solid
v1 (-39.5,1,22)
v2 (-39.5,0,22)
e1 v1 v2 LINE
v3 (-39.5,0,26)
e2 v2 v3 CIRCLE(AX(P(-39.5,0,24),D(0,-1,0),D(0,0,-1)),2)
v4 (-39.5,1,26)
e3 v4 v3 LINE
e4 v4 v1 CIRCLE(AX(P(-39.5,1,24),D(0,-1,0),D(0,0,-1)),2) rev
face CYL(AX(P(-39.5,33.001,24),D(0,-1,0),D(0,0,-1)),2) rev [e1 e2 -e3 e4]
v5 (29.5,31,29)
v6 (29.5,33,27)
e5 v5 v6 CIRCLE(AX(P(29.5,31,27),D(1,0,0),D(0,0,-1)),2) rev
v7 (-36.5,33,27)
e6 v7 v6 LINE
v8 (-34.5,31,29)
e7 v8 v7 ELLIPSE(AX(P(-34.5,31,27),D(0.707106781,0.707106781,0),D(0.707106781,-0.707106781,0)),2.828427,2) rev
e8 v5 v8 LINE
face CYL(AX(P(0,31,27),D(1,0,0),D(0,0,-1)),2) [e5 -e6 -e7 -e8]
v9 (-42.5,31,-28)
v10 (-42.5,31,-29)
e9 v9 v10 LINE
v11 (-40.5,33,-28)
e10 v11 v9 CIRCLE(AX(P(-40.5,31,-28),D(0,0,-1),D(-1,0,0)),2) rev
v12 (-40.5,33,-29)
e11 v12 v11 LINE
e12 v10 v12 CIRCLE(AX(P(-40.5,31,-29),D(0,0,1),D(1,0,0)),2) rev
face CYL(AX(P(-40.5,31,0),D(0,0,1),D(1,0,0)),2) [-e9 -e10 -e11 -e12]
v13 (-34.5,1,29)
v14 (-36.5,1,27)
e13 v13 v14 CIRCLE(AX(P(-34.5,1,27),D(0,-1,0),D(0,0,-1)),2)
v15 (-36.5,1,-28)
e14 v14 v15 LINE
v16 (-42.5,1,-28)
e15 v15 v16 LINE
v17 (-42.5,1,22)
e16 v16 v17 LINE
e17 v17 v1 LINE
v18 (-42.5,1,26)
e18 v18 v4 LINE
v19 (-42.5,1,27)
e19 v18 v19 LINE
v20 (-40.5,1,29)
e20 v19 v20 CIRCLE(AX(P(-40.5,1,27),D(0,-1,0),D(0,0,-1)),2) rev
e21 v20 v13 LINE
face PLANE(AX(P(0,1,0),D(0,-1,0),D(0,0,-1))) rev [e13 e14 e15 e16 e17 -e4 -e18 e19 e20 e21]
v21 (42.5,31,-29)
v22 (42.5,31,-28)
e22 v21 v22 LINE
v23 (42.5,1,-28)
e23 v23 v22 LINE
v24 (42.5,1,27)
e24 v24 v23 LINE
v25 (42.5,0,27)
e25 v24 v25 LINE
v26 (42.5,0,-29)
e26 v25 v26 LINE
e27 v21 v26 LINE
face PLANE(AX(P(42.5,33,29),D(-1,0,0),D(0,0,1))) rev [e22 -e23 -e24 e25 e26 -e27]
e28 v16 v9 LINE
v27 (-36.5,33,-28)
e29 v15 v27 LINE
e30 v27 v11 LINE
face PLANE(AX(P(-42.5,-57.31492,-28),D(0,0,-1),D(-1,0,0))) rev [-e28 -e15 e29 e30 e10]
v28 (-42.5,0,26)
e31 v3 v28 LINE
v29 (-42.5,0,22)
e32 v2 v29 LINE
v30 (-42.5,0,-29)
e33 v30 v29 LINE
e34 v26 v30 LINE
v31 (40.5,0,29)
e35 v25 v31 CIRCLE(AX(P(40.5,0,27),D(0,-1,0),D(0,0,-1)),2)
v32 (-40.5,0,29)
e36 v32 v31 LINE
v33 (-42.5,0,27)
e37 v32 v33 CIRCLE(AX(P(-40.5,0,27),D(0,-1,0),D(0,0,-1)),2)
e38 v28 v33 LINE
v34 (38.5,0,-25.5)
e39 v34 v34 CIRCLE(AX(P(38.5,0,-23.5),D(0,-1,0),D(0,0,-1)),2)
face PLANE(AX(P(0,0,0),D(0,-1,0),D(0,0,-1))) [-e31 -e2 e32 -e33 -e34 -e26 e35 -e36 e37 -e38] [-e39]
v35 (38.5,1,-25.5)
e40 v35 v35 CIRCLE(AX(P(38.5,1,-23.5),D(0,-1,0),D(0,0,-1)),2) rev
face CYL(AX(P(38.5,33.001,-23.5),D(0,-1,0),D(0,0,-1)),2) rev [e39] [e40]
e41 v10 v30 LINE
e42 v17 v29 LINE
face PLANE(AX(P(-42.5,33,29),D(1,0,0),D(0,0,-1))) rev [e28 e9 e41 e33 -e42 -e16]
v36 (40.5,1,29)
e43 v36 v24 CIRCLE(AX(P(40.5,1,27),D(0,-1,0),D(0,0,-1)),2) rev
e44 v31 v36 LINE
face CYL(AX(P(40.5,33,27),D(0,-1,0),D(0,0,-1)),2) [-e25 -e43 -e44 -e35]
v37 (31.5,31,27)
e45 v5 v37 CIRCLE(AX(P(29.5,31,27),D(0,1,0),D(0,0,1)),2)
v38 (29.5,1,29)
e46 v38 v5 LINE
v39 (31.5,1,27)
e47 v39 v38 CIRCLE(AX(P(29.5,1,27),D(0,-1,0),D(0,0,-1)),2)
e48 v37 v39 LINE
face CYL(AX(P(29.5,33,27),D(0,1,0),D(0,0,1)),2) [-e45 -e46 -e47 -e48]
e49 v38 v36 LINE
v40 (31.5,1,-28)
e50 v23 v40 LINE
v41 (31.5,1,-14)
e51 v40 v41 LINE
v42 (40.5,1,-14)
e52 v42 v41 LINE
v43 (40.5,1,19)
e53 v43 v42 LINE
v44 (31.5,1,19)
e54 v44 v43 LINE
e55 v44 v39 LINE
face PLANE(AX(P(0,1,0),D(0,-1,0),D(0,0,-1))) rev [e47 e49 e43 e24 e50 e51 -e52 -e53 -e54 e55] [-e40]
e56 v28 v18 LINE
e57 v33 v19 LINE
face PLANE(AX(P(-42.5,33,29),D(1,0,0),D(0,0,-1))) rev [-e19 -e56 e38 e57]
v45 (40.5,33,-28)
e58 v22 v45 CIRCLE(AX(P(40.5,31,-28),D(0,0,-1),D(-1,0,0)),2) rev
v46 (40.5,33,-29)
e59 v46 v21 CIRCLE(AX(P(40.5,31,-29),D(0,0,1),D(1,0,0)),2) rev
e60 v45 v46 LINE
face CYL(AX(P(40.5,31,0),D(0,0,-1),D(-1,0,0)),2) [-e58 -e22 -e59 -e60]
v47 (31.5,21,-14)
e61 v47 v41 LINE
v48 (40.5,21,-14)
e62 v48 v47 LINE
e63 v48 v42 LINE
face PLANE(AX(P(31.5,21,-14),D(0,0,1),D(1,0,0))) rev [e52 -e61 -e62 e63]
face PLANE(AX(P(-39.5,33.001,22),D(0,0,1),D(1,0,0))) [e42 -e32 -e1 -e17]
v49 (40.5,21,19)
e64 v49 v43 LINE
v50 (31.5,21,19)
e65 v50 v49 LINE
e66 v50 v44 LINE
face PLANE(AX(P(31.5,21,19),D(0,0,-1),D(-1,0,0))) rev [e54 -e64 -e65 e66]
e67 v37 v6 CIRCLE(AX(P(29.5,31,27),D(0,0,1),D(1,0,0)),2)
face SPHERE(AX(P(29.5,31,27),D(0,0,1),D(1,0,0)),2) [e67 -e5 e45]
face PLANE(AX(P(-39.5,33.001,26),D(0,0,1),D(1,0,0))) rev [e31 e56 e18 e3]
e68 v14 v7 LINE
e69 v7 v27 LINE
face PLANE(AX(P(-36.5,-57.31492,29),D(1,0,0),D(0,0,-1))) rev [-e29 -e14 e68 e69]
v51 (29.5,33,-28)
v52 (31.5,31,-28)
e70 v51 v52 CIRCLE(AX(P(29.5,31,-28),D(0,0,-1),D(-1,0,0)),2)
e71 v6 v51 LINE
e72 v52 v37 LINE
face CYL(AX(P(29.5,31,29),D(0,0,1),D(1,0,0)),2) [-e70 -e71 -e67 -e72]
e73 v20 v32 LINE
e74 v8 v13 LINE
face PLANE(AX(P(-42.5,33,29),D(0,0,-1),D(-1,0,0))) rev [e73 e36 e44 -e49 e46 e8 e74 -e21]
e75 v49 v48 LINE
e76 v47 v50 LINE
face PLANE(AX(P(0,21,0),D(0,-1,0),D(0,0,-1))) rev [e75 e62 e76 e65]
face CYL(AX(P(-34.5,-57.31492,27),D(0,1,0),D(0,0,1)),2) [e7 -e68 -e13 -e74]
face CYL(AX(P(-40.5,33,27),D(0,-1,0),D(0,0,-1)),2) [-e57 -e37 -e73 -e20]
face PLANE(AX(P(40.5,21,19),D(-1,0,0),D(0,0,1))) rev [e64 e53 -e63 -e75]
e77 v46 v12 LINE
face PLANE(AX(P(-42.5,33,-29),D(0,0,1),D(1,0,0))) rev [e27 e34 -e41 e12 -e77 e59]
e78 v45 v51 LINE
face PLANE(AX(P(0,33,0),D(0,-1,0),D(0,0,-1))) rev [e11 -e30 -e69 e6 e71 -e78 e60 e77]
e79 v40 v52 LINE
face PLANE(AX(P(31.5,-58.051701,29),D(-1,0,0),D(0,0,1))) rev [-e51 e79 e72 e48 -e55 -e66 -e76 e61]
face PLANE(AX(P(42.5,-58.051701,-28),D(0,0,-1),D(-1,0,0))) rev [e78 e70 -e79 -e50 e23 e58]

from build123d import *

# Parameters (mm, degrees)
SKETCH1_W           = 85
SKETCH1_H           = 58
BOSS_EXTRUDE1_DEPTH = 33
SKETCH2_W           = 11
SKETCH2_H           = 57
CUT_EXTRUDE1_DEPTH  = 32
SKETCH3_W           = 6
SKETCH3_H           = 57
CUT_EXTRUDE2_DEPTH  = 32
SKETCH4_W           = 9
SKETCH4_H           = 33
BOSS_EXTRUDE2_DEPTH = 20
CUT_EXTRUDE3_REACH  = 63.125
FILLET1_R           = 2


with BuildPart() as part:
    # Sketch1 → Boss-Extrude1 (new body)
    with BuildSketch(Plane(origin=(0, 0, 0), x_dir=(1, 0, 0), z_dir=(0, 1, 0))):
        Rectangle(SKETCH1_W, SKETCH1_H)
    extrude(amount=BOSS_EXTRUDE1_DEPTH)

    # Sketch2 → Cut-Extrude1 (cut)
    with BuildSketch(Plane(origin=(0, 33, 0), x_dir=(1, 0, 0), z_dir=(0, 1, 0))):
        with Locations((37, -0.5)):
            Rectangle(SKETCH2_W, SKETCH2_H)
    extrude(amount=-CUT_EXTRUDE1_DEPTH, mode=Mode.SUBTRACT)

    # Sketch3 → Cut-Extrude2 (cut)
    with BuildSketch(Plane(origin=(0, 33, 0), x_dir=(1, 0, 0), z_dir=(0, 1, 0))):
        with Locations((-39.5, -0.5)):
            Rectangle(SKETCH3_W, SKETCH3_H)
    extrude(amount=-CUT_EXTRUDE2_DEPTH, mode=Mode.SUBTRACT)

    # Sketch4 → Boss-Extrude2 (add)
    with BuildSketch(Plane(origin=(0, 1, 0), x_dir=(1, 0, 0), z_dir=(0, 1, 0))):
        with Locations((36, -2.5)):
            Rectangle(SKETCH4_W, SKETCH4_H)
    extrude(amount=BOSS_EXTRUDE2_DEPTH)

    # Sketch5 → Cut-Extrude3 (cut, up to next)
    with BuildSketch(Plane.XZ, mode=Mode.PRIVATE) as cut_extrude3_sk1:
        with BuildLine():
            Line((38.5, -25.5), (38.5, -23.5))
            Line((38.5, -23.5), (40.5, -23.5))
            ThreePointArc((40.5, -23.5), (37.085786438, -22.085786438), (38.5, -25.5))
        make_face()
    cut_extrude3_tool1 = extrude(cut_extrude3_sk1.sketch, amount=-CUT_EXTRUDE3_REACH, mode=Mode.PRIVATE) & part.part
    # Sketch5 → Cut-Extrude3 (cut, up to next)
    with BuildSketch(Plane.XZ, mode=Mode.PRIVATE) as cut_extrude3_sk2:
        with BuildLine():
            Line((40.5, -23.5), (38.5, -23.5))
            Line((38.5, -23.5), (38.5, -25.5))
            ThreePointArc((38.5, -25.5), (39.914213562, -24.914213562), (40.5, -23.5))
        make_face()
    cut_extrude3_tool2 = extrude(cut_extrude3_sk2.sketch, amount=-CUT_EXTRUDE3_REACH, mode=Mode.PRIVATE) & part.part
    # Sketch5 → Cut-Extrude3 (cut, up to next)
    with BuildSketch(Plane.XZ, mode=Mode.PRIVATE) as cut_extrude3_sk3:
        with BuildLine():
            Line((38.5, -25.5), (38.5, -23.5))
            Line((38.5, -23.5), (40.5, -23.5))
            ThreePointArc((40.5, -23.5), (37.085786438, -22.085786438), (38.5, -25.5))
        make_face()
    cut_extrude3_tool3 = extrude(cut_extrude3_sk3.sketch, amount=-CUT_EXTRUDE3_REACH, mode=Mode.PRIVATE) & part.part
    # Sketch5 → Cut-Extrude3 (cut, up to next)
    with BuildSketch(Plane.XZ, mode=Mode.PRIVATE) as cut_extrude3_sk4:
        with BuildLine():
            Line((40.5, -23.5), (38.5, -23.5))
            Line((38.5, -23.5), (38.5, -25.5))
            ThreePointArc((38.5, -25.5), (39.914213562, -24.914213562), (40.5, -23.5))
        make_face()
    cut_extrude3_tool4 = extrude(cut_extrude3_sk4.sketch, amount=-CUT_EXTRUDE3_REACH, mode=Mode.PRIVATE) & part.part
    # Sketch5 → Cut-Extrude3 (cut, up to next)
    with BuildSketch(Plane.XZ, mode=Mode.PRIVATE) as cut_extrude3_sk5:
        with BuildLine():
            Line((-39.5, 22), (-42.5, 22))
            ThreePointArc((-42.5, 22), (-44.5, 24), (-42.5, 26))
            Line((-42.5, 26), (-39.5, 26))
            ThreePointArc((-39.5, 26), (-37.5, 24), (-39.5, 22))
        make_face()
    cut_extrude3_tool5 = extrude(cut_extrude3_sk5.sketch, amount=-CUT_EXTRUDE3_REACH, mode=Mode.PRIVATE) & part.part
    add(cut_extrude3_tool1.solids().sort_by_distance((38.217058, 0, -23.217058))[0], mode=Mode.SUBTRACT)
    add(cut_extrude3_tool2.solids().sort_by_distance((39.348826, 0, -24.348826))[0], mode=Mode.SUBTRACT)
    add(cut_extrude3_tool3.solids().sort_by_distance((38.217058, 0, -23.217058))[0], mode=Mode.SUBTRACT)
    add(cut_extrude3_tool4.solids().sort_by_distance((39.348826, 0, -24.348826))[0], mode=Mode.SUBTRACT)
    add(cut_extrude3_tool5.solids().sort_by_distance((-41, 0, 24))[0], mode=Mode.SUBTRACT)

    # Fillet1
    fillet1_edges = [part.edges().sort_by_distance(p)[0] for p in [
        (-42.5, 33, -28.5),
        (42.5, 33, -28.5),
        (42.5, 0.5, 29),
        (31.5, 33, 0.5),
        (31.5, 17, 29),
        (-2.5, 33, 29),
        (-42.5, 0.5, 29),
        (-36.5, 17, 29),
    ]]
    fillet(fillet1_edges, radius=FILLET1_R)


solid = part.part
